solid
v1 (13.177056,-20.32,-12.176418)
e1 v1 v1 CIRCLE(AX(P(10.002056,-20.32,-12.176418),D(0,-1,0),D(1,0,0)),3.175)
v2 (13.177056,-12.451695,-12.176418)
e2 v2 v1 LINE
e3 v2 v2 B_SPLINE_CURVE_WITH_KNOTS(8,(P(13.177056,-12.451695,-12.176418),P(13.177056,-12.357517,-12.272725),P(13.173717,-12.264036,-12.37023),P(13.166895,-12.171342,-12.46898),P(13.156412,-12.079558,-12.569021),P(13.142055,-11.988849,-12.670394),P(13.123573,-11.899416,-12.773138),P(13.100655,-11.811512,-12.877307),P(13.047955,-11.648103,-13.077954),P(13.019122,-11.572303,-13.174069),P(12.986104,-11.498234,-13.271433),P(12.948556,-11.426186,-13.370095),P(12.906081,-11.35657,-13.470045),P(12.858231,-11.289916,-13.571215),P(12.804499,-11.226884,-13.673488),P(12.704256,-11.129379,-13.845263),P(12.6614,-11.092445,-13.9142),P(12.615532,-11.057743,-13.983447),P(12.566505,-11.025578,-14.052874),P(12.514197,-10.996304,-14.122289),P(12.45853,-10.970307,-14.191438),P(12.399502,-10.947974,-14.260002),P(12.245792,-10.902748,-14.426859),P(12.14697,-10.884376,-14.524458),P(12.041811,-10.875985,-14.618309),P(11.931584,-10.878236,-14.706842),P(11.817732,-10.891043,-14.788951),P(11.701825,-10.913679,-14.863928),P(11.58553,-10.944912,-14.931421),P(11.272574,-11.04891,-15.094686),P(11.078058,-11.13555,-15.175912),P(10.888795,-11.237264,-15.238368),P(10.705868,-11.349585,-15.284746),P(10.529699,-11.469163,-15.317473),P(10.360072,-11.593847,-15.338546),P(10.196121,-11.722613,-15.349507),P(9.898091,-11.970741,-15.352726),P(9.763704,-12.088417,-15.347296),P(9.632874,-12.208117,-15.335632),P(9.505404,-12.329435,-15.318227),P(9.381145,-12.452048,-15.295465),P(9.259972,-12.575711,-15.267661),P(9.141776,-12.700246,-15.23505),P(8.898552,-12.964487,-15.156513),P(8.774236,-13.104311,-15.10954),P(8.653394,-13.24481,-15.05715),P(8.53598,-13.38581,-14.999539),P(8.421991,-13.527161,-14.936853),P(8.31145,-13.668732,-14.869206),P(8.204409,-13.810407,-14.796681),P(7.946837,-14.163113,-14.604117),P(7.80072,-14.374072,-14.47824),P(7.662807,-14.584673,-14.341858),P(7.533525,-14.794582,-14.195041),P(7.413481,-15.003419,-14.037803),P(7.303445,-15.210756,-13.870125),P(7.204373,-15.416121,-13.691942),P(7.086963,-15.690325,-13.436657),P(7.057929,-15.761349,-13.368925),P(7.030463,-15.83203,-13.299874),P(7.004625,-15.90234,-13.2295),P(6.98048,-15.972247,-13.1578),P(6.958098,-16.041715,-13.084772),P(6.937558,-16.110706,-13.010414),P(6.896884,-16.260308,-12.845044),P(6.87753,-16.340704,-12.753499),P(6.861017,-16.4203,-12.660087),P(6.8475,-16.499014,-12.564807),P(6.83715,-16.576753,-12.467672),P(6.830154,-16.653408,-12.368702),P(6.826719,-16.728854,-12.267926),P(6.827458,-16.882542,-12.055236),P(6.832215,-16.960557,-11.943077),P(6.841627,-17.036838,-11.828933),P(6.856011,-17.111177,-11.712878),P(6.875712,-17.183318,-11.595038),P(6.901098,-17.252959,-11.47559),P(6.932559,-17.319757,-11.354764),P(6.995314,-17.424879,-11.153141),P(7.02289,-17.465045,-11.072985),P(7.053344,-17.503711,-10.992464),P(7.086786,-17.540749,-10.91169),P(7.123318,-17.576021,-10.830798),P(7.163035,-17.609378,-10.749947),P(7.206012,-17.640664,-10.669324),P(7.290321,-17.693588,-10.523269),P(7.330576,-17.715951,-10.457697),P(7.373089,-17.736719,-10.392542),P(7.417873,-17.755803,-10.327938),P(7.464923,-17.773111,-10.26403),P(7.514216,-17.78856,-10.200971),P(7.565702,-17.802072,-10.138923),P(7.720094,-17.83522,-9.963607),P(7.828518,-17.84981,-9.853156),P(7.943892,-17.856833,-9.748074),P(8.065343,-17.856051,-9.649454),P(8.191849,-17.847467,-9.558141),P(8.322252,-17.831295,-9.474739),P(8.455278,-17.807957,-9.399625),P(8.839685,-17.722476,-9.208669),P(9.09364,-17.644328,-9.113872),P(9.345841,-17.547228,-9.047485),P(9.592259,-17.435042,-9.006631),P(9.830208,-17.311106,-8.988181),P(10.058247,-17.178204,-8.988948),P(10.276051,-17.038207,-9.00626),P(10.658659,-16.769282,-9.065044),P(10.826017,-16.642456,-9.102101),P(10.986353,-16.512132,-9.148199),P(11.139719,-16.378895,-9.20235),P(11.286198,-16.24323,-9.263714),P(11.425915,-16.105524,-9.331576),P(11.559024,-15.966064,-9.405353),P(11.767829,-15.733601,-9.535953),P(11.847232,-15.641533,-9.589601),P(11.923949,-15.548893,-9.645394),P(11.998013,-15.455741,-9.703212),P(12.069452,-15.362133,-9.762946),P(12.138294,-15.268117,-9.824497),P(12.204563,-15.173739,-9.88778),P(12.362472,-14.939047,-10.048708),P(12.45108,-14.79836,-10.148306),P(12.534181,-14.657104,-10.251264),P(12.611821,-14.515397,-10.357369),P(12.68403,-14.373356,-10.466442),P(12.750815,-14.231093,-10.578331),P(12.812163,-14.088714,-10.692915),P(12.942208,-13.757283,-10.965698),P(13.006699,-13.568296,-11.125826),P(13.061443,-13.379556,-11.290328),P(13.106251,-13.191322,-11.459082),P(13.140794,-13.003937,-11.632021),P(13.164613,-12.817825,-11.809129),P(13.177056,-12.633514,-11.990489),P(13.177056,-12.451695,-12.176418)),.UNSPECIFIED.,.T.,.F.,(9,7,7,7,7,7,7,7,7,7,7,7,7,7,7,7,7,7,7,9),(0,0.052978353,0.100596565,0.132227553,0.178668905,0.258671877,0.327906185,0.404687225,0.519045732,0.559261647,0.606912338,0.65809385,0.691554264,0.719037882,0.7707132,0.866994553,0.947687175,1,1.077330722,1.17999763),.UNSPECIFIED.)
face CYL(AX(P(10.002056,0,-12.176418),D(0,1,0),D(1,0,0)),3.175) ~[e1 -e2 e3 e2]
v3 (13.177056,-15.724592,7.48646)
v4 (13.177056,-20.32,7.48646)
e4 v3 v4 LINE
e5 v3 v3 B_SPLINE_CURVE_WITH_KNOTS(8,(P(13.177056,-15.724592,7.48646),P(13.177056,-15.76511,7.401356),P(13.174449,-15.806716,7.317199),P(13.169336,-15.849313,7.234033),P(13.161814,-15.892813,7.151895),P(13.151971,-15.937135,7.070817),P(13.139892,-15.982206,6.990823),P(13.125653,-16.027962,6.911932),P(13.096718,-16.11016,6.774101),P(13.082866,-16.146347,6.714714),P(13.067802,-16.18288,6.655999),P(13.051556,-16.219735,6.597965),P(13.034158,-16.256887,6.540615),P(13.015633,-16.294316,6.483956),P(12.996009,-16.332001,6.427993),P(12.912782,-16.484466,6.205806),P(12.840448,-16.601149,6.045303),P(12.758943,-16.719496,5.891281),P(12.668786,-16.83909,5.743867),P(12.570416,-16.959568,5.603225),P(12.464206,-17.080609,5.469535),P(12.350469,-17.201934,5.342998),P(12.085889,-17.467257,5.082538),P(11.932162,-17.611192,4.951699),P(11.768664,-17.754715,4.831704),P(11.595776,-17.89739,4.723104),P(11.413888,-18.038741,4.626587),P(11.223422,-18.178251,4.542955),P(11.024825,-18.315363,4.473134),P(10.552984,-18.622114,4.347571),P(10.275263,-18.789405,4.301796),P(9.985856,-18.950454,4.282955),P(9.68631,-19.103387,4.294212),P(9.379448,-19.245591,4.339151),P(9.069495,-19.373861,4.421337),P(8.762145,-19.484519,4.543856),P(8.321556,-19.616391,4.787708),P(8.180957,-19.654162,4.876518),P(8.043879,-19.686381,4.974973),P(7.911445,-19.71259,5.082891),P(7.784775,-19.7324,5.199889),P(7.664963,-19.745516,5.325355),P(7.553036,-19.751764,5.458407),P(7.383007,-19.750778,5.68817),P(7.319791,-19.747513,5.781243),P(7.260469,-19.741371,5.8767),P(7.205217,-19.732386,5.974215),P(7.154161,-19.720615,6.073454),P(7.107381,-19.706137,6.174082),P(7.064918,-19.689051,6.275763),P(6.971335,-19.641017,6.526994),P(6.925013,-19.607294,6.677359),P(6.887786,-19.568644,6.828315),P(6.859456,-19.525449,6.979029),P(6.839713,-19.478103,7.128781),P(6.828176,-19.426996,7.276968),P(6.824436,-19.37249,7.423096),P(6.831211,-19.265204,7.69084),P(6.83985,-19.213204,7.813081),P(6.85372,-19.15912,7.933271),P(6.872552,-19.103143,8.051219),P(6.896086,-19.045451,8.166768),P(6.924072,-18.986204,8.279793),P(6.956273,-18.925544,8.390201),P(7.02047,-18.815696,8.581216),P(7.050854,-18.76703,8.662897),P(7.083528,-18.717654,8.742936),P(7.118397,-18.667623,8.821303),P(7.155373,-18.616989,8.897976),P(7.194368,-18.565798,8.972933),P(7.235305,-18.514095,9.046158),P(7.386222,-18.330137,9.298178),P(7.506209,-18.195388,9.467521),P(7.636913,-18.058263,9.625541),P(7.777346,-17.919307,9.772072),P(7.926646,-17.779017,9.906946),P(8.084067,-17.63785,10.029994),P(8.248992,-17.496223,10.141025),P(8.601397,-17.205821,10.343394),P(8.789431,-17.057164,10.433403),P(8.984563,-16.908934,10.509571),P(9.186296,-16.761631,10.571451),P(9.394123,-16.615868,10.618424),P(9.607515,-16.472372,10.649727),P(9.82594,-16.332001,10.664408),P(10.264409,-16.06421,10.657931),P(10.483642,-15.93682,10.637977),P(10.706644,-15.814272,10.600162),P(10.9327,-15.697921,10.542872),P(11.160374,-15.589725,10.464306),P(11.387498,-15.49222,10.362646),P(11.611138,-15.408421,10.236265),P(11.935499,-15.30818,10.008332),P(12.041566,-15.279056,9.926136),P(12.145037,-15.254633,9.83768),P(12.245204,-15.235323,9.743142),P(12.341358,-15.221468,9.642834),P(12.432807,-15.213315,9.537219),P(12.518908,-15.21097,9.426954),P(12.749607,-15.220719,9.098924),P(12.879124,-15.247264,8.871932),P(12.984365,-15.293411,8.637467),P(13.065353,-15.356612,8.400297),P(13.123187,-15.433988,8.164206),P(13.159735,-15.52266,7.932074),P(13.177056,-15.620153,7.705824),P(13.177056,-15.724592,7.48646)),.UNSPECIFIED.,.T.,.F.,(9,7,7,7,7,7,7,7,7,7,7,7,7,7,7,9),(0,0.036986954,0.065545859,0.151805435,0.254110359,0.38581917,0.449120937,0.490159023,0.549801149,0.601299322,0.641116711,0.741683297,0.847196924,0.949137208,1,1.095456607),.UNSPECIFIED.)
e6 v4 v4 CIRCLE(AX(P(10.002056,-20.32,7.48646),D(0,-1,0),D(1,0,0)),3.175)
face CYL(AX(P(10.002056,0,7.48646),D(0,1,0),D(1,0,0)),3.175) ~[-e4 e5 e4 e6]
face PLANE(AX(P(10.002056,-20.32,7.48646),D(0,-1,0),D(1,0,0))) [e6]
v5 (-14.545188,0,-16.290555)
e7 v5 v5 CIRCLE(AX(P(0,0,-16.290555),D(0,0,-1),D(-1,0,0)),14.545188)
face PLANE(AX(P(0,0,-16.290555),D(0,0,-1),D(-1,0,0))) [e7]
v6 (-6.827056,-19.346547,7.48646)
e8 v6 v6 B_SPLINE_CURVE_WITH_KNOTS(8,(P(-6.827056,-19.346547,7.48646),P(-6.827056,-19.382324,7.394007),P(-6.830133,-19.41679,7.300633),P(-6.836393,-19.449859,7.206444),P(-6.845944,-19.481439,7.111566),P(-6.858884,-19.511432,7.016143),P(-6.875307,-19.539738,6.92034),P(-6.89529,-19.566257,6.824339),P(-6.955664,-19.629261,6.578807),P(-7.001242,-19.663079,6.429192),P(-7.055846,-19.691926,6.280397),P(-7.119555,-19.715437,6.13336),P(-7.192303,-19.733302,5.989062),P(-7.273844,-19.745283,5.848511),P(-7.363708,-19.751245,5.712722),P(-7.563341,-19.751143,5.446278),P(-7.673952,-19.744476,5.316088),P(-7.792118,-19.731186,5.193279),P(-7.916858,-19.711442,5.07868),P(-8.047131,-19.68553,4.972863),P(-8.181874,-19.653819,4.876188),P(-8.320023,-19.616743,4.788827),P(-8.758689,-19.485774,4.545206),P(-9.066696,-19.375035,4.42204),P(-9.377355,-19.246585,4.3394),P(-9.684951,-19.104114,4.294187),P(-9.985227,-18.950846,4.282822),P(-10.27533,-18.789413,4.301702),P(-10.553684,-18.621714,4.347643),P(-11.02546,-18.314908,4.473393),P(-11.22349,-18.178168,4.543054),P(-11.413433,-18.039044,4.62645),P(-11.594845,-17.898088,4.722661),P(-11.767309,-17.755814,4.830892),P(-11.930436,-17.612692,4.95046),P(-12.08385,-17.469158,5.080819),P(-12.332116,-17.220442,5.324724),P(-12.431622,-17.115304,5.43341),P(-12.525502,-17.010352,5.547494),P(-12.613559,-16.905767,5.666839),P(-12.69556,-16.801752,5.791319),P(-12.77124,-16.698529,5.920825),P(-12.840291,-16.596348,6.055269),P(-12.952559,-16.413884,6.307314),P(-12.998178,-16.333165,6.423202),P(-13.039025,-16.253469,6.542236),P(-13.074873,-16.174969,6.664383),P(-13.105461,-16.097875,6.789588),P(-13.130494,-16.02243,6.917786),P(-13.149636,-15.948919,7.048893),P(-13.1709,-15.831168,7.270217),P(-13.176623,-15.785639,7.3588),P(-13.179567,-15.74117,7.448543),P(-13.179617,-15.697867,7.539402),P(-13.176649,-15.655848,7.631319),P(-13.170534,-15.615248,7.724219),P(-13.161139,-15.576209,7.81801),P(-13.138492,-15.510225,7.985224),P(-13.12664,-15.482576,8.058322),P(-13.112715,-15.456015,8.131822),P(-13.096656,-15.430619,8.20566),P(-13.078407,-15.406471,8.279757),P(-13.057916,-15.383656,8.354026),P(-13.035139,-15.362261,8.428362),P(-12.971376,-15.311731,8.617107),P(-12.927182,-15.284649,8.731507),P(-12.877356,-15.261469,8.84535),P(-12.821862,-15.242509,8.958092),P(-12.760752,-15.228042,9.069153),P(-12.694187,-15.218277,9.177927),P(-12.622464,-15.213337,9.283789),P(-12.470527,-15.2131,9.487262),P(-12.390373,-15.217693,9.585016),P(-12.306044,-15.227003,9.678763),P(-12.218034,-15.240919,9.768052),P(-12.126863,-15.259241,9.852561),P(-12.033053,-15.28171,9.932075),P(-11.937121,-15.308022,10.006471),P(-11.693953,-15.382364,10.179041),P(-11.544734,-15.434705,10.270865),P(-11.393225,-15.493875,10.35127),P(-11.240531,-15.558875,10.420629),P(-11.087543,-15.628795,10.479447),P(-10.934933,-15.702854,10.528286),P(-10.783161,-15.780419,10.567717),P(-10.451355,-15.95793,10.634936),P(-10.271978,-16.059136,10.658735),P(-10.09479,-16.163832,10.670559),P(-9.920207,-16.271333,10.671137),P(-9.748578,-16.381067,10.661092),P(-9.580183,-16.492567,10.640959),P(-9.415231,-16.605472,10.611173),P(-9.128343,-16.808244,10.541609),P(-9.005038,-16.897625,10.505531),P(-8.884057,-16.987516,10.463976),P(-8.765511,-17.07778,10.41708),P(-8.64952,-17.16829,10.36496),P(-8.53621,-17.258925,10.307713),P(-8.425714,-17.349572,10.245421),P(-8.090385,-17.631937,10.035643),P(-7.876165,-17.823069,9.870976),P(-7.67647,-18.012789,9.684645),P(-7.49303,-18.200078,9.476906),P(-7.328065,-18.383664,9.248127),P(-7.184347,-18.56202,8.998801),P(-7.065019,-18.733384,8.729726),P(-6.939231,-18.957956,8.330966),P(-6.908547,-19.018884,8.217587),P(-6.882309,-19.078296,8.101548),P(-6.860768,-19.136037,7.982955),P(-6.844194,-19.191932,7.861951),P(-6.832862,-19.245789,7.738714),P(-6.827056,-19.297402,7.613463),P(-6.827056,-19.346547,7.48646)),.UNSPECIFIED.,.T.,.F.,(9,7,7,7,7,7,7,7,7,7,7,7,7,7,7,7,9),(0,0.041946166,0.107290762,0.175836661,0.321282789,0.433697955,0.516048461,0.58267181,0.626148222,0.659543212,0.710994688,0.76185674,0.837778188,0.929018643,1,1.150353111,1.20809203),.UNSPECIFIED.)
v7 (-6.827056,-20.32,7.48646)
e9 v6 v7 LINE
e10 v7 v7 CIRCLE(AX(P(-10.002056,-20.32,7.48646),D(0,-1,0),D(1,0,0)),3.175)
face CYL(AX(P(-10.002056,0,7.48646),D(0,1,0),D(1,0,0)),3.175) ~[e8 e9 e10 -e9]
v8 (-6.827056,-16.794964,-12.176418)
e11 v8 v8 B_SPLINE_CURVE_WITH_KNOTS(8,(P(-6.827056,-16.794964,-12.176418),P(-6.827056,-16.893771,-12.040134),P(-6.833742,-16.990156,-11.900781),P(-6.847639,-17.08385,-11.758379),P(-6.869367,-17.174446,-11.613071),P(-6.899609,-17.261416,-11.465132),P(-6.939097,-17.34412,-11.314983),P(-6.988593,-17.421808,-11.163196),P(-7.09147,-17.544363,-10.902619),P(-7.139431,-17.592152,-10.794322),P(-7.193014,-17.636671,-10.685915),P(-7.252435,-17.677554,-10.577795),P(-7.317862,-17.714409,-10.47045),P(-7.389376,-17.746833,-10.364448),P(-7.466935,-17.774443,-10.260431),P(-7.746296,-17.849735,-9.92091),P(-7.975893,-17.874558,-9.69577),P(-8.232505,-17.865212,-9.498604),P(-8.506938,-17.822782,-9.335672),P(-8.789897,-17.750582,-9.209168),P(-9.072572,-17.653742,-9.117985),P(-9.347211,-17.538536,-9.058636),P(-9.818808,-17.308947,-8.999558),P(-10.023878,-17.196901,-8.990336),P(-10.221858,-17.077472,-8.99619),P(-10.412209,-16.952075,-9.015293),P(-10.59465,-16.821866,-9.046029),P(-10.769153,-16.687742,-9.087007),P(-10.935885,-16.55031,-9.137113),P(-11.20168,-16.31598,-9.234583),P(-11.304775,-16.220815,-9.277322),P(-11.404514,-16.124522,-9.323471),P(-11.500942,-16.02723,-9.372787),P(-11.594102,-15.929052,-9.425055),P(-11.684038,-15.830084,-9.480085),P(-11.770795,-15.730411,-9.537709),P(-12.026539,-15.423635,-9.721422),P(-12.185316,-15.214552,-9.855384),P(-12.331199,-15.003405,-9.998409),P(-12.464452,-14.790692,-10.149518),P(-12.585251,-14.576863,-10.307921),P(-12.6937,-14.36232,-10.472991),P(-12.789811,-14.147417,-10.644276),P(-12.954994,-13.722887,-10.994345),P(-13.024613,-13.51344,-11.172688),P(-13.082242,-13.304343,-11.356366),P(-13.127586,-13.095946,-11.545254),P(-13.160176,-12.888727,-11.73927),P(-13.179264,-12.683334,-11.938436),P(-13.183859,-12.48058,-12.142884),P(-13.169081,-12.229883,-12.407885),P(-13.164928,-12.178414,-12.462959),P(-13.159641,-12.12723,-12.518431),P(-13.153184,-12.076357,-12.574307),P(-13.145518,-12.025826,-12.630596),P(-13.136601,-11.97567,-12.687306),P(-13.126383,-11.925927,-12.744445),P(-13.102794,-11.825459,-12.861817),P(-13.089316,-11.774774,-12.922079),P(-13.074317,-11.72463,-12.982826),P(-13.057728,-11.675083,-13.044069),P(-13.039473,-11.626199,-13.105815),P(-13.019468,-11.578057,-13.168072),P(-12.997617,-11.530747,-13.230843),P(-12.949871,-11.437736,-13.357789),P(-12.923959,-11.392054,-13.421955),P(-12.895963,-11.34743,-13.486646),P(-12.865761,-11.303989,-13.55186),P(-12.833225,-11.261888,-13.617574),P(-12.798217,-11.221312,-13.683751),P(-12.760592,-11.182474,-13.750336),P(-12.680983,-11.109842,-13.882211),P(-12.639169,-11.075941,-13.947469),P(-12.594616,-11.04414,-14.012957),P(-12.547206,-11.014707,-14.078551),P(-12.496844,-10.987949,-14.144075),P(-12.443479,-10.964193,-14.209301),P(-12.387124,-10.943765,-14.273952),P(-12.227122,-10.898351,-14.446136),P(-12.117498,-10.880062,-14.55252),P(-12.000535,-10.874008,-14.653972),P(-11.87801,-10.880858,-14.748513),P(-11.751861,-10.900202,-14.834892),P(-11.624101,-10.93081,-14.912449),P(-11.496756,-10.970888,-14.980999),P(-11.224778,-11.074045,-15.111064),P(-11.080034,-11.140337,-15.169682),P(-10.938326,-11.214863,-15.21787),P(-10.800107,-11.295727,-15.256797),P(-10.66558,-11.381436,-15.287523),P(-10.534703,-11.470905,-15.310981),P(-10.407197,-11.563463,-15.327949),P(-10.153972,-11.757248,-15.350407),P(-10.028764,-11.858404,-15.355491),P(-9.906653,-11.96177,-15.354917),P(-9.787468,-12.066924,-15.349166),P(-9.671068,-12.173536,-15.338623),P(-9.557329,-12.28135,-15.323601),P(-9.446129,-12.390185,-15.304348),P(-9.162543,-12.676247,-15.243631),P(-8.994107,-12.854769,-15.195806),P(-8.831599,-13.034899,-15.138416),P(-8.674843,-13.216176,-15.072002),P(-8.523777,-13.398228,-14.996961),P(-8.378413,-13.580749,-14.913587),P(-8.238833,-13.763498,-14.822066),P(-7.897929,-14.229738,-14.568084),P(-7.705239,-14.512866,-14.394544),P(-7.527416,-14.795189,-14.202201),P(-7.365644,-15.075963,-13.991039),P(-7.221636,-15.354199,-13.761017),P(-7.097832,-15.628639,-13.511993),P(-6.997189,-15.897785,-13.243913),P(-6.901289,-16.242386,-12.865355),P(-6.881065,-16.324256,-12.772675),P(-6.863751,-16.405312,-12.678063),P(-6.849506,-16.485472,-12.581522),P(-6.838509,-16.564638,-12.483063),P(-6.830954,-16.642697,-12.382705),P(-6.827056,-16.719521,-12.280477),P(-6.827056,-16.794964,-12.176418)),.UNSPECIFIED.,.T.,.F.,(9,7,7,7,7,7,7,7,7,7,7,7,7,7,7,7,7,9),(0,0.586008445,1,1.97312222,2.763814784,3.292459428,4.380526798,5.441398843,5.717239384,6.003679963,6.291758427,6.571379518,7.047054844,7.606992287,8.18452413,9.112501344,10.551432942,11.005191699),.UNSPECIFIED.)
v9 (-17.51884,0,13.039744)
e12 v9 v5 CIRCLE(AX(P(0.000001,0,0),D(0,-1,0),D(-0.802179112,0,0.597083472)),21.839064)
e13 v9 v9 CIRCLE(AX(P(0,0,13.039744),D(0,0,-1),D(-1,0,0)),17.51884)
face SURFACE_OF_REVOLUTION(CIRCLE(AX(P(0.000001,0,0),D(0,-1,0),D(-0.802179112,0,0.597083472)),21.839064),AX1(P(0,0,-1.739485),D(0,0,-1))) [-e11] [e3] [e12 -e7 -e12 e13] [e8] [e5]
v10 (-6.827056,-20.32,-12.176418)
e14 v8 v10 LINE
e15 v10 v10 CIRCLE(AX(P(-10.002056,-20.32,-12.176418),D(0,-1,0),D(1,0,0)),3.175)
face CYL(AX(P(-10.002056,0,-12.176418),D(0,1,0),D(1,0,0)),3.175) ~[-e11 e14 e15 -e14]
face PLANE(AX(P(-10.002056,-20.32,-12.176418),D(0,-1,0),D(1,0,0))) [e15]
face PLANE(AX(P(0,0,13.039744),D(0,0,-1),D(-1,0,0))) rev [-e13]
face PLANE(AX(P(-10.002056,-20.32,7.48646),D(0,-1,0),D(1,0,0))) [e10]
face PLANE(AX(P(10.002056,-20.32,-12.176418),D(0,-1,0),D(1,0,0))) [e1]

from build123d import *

# Parameters (mm, degrees)
F2_R     = 3.175
F3_DEPTH = 20.32


with BuildPart() as f1:
    # F0 (on Front) → F1 (revolve)
    with BuildSketch(Plane.XZ):
        with BuildLine():
            Line((0, 13.039744), (-17.51884, 13.039744))
            ThreePointArc((-17.51884, 13.039744), (-21.72768, -2.20286), (-14.545188, -16.290555))
            Line((-14.545188, -16.290555), (0, -16.290555))
            Line((0, -16.290555), (0, 13.039744))
        make_face()
    revolve(axis=Axis((0, 0, -1.739485), (0, 0, -1)))

    # F2 (on Front) → F3 (join)
    with BuildSketch(Plane.XZ):
        with Locations((-10.002056, -12.176418)):
            Circle(F2_R)
        with Locations((10.002056, -12.176418)):
            Circle(F2_R)
        with Locations((-10.002056, 7.48646)):
            Circle(F2_R)
        with Locations((10.002056, 7.48646)):
            Circle(F2_R)
    extrude(amount=F3_DEPTH)


solid = f1.part
